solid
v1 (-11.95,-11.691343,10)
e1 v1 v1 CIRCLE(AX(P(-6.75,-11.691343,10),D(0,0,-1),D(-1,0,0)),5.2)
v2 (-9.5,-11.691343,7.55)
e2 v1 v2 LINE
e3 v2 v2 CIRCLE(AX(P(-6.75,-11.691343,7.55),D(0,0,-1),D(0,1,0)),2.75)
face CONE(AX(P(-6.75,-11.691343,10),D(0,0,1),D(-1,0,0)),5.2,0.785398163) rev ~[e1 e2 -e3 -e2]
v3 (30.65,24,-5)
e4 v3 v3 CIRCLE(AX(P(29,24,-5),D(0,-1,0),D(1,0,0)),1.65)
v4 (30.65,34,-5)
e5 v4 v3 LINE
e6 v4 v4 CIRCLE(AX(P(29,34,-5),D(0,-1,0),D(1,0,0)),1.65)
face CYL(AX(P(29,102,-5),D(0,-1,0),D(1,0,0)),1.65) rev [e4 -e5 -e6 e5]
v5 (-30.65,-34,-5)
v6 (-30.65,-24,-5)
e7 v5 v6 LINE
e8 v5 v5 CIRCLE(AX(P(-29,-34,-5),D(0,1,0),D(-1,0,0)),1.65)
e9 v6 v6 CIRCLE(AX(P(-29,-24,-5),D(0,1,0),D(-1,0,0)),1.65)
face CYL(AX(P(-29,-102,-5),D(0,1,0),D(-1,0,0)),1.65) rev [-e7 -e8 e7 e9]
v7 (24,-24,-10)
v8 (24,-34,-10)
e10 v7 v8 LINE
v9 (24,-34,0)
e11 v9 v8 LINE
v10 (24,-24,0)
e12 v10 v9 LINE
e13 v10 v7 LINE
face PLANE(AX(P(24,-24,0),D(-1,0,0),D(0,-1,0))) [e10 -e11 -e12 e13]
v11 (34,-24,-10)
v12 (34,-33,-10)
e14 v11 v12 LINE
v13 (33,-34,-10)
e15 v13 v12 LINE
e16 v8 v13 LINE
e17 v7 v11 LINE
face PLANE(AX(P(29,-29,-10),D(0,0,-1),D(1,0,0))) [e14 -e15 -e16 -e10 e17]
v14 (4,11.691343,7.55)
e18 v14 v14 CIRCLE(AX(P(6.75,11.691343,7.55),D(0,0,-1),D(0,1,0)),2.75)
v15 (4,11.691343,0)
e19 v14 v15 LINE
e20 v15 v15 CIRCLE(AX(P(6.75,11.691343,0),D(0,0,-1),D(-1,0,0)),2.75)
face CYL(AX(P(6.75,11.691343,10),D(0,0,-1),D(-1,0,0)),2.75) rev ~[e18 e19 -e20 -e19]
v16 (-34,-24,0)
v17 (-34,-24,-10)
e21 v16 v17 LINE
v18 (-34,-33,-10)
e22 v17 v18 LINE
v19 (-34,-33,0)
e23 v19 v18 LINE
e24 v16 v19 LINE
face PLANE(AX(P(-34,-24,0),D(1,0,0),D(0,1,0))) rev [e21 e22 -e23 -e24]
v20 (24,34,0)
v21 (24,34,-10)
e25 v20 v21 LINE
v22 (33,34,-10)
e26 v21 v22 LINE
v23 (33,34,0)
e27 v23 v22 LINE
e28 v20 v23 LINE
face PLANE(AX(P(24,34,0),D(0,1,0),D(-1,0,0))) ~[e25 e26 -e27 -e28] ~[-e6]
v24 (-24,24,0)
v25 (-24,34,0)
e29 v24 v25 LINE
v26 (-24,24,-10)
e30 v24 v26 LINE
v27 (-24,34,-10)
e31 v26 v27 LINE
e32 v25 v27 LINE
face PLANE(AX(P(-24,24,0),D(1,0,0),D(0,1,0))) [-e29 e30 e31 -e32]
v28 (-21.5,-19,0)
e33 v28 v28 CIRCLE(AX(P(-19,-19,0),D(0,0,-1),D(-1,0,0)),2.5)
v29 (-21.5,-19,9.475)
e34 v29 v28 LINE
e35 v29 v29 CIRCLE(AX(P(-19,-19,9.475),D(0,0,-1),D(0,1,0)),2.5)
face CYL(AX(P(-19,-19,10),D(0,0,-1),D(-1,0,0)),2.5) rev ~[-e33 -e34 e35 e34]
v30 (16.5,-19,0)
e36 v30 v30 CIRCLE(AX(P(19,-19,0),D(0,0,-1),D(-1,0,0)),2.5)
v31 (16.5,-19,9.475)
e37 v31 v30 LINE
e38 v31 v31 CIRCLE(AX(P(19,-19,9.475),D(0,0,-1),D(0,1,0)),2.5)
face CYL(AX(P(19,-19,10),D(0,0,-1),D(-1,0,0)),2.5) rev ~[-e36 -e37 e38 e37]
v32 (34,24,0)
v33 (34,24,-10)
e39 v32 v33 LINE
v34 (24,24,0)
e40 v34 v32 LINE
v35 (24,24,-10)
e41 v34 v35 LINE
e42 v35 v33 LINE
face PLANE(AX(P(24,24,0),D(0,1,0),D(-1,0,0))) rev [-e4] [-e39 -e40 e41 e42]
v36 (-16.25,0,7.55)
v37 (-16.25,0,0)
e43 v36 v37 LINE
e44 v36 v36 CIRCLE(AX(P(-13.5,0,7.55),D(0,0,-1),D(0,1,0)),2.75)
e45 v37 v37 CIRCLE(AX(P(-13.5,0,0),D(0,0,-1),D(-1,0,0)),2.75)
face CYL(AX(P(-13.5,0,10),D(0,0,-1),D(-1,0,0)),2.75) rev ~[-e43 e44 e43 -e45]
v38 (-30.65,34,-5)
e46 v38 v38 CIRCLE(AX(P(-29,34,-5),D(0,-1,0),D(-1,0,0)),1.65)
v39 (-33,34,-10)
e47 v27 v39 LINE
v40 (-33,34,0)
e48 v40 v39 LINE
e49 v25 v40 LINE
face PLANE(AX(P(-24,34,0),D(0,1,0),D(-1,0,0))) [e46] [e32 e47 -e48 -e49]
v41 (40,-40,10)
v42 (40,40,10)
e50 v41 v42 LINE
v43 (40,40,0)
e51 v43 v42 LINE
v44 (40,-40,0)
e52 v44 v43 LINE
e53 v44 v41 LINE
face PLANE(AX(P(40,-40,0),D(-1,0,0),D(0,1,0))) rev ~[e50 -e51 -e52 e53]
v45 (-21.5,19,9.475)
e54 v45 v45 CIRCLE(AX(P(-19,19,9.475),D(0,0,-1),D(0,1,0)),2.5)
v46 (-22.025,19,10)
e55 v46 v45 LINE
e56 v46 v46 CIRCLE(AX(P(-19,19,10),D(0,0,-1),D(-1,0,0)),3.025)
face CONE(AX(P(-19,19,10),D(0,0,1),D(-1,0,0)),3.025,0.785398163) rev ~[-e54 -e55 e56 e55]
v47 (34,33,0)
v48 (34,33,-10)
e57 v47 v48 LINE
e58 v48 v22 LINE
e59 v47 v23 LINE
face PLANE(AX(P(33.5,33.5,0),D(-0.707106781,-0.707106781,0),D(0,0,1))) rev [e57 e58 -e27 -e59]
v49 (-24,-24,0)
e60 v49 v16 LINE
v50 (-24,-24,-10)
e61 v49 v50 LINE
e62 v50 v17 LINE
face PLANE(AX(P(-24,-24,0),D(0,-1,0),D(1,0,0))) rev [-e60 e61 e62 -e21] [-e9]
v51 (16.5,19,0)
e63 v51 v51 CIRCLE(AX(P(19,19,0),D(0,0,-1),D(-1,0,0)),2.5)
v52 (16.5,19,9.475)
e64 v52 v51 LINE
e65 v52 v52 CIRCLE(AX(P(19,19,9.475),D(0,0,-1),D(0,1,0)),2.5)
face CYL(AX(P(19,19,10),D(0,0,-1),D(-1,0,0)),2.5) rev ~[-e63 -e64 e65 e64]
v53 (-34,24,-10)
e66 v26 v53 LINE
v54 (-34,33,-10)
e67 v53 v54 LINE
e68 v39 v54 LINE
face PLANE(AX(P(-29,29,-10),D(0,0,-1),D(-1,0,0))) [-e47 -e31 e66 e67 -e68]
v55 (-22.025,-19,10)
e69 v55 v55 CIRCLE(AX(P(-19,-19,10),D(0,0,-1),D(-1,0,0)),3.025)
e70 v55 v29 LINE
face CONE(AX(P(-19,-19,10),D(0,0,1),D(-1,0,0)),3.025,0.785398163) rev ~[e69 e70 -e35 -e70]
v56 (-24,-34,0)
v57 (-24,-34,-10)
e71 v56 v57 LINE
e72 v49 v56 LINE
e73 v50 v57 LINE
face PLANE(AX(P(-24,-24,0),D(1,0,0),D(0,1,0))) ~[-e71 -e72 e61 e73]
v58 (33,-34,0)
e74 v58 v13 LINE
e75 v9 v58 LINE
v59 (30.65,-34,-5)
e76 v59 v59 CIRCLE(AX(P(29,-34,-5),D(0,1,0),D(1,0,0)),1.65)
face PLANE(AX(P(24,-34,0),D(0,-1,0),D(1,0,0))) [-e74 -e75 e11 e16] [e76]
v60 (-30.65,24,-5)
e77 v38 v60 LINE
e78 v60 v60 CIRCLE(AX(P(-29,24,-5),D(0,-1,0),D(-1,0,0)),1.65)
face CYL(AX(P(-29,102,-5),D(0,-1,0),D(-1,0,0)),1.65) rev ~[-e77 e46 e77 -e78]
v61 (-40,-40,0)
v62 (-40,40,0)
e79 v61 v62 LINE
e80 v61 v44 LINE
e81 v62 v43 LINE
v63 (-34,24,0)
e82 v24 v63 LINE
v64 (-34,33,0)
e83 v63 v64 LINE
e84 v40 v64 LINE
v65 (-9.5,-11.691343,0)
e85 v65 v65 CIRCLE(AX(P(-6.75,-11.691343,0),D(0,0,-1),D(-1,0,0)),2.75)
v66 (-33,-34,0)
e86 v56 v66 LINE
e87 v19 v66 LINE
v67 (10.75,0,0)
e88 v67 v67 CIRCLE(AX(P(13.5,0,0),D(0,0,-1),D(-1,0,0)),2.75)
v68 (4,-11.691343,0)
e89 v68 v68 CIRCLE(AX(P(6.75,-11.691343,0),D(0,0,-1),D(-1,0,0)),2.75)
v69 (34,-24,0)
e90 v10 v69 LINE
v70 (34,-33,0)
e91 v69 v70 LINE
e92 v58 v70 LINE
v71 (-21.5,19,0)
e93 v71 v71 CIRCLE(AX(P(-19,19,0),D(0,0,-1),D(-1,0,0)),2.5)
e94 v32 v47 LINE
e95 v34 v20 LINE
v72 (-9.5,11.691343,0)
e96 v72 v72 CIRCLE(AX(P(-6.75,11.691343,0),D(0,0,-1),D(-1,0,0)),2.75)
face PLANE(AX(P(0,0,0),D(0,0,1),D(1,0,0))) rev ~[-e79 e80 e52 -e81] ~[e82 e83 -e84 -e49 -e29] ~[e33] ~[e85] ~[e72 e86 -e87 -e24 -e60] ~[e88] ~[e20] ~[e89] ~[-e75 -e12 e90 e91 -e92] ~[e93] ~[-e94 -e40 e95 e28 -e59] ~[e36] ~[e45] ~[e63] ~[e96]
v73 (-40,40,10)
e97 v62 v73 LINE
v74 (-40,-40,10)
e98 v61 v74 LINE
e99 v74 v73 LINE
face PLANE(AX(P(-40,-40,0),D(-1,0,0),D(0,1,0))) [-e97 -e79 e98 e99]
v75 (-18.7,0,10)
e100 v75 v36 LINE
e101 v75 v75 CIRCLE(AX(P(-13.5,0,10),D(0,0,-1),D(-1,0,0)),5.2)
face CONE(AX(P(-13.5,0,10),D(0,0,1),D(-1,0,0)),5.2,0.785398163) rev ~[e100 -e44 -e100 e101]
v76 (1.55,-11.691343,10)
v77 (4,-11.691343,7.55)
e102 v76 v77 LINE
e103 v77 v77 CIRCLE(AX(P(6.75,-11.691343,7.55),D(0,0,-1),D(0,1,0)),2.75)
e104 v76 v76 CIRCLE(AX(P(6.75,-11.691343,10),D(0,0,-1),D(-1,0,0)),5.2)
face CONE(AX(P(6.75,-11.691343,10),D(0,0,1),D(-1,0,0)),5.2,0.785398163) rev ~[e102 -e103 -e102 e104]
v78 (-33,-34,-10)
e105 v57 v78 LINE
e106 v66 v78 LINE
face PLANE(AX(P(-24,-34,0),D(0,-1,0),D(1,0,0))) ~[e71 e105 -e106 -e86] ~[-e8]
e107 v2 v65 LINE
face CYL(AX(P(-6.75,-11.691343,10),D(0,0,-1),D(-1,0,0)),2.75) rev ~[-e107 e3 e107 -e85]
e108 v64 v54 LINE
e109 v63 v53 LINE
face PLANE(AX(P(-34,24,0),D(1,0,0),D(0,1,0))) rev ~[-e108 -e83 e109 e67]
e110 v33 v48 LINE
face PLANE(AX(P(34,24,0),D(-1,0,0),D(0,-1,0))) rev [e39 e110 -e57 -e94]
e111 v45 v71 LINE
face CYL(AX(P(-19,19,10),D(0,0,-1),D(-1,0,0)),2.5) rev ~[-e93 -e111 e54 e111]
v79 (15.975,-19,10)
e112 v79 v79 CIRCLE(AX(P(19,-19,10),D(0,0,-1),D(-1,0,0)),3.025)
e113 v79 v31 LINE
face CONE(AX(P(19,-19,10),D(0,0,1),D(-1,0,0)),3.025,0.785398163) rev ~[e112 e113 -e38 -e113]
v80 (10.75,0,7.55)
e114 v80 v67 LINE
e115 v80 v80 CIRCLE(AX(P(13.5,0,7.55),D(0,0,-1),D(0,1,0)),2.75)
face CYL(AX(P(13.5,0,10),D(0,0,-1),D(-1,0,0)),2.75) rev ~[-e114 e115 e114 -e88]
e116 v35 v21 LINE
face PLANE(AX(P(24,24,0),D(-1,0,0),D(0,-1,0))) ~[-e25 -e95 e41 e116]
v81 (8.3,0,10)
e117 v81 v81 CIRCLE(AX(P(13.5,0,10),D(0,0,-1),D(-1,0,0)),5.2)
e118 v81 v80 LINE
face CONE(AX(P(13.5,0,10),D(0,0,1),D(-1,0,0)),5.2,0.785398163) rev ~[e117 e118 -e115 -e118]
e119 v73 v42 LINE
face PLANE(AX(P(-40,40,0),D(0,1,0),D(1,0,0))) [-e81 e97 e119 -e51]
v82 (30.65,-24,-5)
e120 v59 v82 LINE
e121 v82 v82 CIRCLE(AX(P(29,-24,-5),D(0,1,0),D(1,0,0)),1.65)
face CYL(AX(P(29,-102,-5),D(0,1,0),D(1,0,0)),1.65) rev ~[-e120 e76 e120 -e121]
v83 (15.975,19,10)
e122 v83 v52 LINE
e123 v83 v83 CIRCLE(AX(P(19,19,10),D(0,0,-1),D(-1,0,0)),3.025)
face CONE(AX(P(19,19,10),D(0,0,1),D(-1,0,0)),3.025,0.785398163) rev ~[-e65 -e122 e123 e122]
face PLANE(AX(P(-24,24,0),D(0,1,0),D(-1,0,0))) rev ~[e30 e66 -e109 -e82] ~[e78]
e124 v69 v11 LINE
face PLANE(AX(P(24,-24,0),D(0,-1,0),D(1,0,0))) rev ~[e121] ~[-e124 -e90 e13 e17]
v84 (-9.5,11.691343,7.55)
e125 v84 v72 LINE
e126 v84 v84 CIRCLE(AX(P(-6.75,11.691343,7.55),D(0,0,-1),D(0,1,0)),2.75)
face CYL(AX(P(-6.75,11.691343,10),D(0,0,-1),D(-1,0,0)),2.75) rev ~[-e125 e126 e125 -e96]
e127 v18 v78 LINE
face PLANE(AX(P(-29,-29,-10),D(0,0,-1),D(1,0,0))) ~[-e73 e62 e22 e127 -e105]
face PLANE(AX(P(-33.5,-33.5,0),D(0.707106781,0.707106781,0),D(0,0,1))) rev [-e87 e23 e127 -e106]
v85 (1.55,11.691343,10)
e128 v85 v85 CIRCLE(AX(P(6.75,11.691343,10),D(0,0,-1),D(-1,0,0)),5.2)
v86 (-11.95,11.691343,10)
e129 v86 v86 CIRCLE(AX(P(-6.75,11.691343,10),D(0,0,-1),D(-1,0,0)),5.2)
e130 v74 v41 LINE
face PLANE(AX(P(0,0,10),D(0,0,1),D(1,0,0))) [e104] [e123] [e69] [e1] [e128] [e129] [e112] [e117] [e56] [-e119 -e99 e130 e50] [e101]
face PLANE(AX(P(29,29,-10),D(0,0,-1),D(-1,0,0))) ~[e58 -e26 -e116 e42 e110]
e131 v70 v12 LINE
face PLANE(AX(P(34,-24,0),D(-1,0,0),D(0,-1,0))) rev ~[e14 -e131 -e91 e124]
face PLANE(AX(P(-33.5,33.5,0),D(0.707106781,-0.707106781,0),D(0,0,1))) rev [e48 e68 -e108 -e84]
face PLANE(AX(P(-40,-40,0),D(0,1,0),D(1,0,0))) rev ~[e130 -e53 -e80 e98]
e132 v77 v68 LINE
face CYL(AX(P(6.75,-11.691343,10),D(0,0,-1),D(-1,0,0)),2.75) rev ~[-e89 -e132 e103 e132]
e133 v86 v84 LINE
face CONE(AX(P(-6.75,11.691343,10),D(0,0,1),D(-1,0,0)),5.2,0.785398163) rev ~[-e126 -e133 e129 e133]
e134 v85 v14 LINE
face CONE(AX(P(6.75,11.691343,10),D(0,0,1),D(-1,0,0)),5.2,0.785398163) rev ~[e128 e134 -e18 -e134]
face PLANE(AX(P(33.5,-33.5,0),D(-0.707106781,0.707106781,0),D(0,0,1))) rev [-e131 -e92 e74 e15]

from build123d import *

# Parameters (mm, degrees)
SKETCH_1_W                   = 80
SKETCH_1_H                   = 80
EXTRUDE_1_DEPTH              = 10
SKETCH_11_W                  = 10
SKETCH_11_H                  = 10
EXTRUDE_3_DEPTH              = 10
HOLE_WIZARD_M4_2_D           = 3.3
HOLE_WIZARD_M4_2_DEPTH       = 68
HOLE_WIZARD_M5_1_D           = 5.5
HOLE_WIZARD_M5_1_DEPTH       = 10
HOLE_WIZARD_M5_1_CSINK_D     = 10.4
HOLE_WIZARD_M5_1_CSINK_ANGLE = 90
HOLE_WIZARD_M6_1_D           = 5
HOLE_WIZARD_M6_1_DEPTH       = 10
HOLE_WIZARD_M6_1_CSINK_D     = 6.05
HOLE_WIZARD_M6_1_CSINK_ANGLE = 90
MIRROR_2_COPY_1_SKETCH_W     = 10
MIRROR_2_COPY_1_SKETCH_H     = 10
MIRROR_2_COPY_1_DEPTH        = 10
MIRROR_2_COPY_2_D            = 3.3
MIRROR_2_COPY_2_DEPTH        = 68
CHAMFER_1_SIZE               = 1


with BuildPart() as part:
    # 스케치1 → 보스-돌출1 (new body)
    with BuildSketch(Plane.XY):
        Rectangle(SKETCH_1_W, SKETCH_1_H)
    extrude(amount=EXTRUDE_1_DEPTH)

    # 스케치11 → 보스-돌출3 (add)
    with BuildSketch(Plane(origin=(0, 0, 0), x_dir=(-1, 0, 0), z_dir=(0, 0, -1))):
        with Locations((29, 29)):
            Rectangle(SKETCH_11_W, SKETCH_11_H)
    extrude_3 = extrude(amount=EXTRUDE_3_DEPTH)

    # M4 나사 구멍2
    with Locations(Plane(origin=(0, 34, 0), x_dir=(1, 0, 0), z_dir=(0, 1, 0))):
        with Locations((-29, 5)):
            hole_wizard_m4_2 = Hole(HOLE_WIZARD_M4_2_D / 2, depth=HOLE_WIZARD_M4_2_DEPTH)

    # M5 접시 머리 나사용 카운터싱크1
    with Locations(Plane.XY.offset(10)):
        with Locations((-6.75, 11.691342951), (-13.5, 0), (-6.75, -11.691342951), (6.75, -11.691342951), (13.5, 0), (6.75, 11.691342951)):
            CounterSinkHole(HOLE_WIZARD_M5_1_D / 2, HOLE_WIZARD_M5_1_CSINK_D / 2, depth=HOLE_WIZARD_M5_1_DEPTH, counter_sink_angle=HOLE_WIZARD_M5_1_CSINK_ANGLE)

    # M6 나사 구멍1
    with Locations(Plane.XY.offset(10)):
        with Locations((-19, -19), (19, -19), (19, 19), (-19, 19)):
            CounterSinkHole(HOLE_WIZARD_M6_1_D / 2, HOLE_WIZARD_M6_1_CSINK_D / 2, depth=HOLE_WIZARD_M6_1_DEPTH, counter_sink_angle=HOLE_WIZARD_M6_1_CSINK_ANGLE)

    # 대칭 복사1: 보스-돌출3, M4 나사 구멍2 across plane
    add(extrude_3.mirror(Plane(origin=(0, 0, 0), x_dir=(0, 0, 1), z_dir=(1, 0, 0))))
    add(hole_wizard_m4_2.mirror(Plane(origin=(0, 0, 0), x_dir=(0, 0, 1), z_dir=(1, 0, 0))), mode=Mode.SUBTRACT)

    # 대칭 복사2: 보스-돌출3, M4 나사 구멍2 across plane
    add(extrude_3.mirror(Plane.ZX))
    add(hole_wizard_m4_2.mirror(Plane.ZX), mode=Mode.SUBTRACT)

    # 대칭 복사2 copy 1 sketch → 대칭 복사2 copy 1 (add)
    with BuildSketch(Plane(origin=(0, 0, 0), x_dir=(1, 0, 0), z_dir=(0, 0, -1))):
        with Locations((29, 29)):
            Rectangle(MIRROR_2_COPY_1_SKETCH_W, MIRROR_2_COPY_1_SKETCH_H)
    extrude(amount=MIRROR_2_COPY_1_DEPTH)

    # 대칭 복사2 copy 2
    with Locations(Plane(origin=(0, -34, 0), x_dir=(-1, 0, 0), z_dir=(0, -1, 0))):
        with Locations((-29, 5)):
            Hole(MIRROR_2_COPY_2_D / 2, depth=MIRROR_2_COPY_2_DEPTH)

    # 모따기1
    chamfer_1_edges = [part.edges().sort_by_distance(p)[0] for p in [
        (34, 34, -5),
        (34, -34, -5),
        (-34, -34, -5),
        (-34, 34, -5),
    ]]
    chamfer(chamfer_1_edges, length=CHAMFER_1_SIZE)


solid = part.part
